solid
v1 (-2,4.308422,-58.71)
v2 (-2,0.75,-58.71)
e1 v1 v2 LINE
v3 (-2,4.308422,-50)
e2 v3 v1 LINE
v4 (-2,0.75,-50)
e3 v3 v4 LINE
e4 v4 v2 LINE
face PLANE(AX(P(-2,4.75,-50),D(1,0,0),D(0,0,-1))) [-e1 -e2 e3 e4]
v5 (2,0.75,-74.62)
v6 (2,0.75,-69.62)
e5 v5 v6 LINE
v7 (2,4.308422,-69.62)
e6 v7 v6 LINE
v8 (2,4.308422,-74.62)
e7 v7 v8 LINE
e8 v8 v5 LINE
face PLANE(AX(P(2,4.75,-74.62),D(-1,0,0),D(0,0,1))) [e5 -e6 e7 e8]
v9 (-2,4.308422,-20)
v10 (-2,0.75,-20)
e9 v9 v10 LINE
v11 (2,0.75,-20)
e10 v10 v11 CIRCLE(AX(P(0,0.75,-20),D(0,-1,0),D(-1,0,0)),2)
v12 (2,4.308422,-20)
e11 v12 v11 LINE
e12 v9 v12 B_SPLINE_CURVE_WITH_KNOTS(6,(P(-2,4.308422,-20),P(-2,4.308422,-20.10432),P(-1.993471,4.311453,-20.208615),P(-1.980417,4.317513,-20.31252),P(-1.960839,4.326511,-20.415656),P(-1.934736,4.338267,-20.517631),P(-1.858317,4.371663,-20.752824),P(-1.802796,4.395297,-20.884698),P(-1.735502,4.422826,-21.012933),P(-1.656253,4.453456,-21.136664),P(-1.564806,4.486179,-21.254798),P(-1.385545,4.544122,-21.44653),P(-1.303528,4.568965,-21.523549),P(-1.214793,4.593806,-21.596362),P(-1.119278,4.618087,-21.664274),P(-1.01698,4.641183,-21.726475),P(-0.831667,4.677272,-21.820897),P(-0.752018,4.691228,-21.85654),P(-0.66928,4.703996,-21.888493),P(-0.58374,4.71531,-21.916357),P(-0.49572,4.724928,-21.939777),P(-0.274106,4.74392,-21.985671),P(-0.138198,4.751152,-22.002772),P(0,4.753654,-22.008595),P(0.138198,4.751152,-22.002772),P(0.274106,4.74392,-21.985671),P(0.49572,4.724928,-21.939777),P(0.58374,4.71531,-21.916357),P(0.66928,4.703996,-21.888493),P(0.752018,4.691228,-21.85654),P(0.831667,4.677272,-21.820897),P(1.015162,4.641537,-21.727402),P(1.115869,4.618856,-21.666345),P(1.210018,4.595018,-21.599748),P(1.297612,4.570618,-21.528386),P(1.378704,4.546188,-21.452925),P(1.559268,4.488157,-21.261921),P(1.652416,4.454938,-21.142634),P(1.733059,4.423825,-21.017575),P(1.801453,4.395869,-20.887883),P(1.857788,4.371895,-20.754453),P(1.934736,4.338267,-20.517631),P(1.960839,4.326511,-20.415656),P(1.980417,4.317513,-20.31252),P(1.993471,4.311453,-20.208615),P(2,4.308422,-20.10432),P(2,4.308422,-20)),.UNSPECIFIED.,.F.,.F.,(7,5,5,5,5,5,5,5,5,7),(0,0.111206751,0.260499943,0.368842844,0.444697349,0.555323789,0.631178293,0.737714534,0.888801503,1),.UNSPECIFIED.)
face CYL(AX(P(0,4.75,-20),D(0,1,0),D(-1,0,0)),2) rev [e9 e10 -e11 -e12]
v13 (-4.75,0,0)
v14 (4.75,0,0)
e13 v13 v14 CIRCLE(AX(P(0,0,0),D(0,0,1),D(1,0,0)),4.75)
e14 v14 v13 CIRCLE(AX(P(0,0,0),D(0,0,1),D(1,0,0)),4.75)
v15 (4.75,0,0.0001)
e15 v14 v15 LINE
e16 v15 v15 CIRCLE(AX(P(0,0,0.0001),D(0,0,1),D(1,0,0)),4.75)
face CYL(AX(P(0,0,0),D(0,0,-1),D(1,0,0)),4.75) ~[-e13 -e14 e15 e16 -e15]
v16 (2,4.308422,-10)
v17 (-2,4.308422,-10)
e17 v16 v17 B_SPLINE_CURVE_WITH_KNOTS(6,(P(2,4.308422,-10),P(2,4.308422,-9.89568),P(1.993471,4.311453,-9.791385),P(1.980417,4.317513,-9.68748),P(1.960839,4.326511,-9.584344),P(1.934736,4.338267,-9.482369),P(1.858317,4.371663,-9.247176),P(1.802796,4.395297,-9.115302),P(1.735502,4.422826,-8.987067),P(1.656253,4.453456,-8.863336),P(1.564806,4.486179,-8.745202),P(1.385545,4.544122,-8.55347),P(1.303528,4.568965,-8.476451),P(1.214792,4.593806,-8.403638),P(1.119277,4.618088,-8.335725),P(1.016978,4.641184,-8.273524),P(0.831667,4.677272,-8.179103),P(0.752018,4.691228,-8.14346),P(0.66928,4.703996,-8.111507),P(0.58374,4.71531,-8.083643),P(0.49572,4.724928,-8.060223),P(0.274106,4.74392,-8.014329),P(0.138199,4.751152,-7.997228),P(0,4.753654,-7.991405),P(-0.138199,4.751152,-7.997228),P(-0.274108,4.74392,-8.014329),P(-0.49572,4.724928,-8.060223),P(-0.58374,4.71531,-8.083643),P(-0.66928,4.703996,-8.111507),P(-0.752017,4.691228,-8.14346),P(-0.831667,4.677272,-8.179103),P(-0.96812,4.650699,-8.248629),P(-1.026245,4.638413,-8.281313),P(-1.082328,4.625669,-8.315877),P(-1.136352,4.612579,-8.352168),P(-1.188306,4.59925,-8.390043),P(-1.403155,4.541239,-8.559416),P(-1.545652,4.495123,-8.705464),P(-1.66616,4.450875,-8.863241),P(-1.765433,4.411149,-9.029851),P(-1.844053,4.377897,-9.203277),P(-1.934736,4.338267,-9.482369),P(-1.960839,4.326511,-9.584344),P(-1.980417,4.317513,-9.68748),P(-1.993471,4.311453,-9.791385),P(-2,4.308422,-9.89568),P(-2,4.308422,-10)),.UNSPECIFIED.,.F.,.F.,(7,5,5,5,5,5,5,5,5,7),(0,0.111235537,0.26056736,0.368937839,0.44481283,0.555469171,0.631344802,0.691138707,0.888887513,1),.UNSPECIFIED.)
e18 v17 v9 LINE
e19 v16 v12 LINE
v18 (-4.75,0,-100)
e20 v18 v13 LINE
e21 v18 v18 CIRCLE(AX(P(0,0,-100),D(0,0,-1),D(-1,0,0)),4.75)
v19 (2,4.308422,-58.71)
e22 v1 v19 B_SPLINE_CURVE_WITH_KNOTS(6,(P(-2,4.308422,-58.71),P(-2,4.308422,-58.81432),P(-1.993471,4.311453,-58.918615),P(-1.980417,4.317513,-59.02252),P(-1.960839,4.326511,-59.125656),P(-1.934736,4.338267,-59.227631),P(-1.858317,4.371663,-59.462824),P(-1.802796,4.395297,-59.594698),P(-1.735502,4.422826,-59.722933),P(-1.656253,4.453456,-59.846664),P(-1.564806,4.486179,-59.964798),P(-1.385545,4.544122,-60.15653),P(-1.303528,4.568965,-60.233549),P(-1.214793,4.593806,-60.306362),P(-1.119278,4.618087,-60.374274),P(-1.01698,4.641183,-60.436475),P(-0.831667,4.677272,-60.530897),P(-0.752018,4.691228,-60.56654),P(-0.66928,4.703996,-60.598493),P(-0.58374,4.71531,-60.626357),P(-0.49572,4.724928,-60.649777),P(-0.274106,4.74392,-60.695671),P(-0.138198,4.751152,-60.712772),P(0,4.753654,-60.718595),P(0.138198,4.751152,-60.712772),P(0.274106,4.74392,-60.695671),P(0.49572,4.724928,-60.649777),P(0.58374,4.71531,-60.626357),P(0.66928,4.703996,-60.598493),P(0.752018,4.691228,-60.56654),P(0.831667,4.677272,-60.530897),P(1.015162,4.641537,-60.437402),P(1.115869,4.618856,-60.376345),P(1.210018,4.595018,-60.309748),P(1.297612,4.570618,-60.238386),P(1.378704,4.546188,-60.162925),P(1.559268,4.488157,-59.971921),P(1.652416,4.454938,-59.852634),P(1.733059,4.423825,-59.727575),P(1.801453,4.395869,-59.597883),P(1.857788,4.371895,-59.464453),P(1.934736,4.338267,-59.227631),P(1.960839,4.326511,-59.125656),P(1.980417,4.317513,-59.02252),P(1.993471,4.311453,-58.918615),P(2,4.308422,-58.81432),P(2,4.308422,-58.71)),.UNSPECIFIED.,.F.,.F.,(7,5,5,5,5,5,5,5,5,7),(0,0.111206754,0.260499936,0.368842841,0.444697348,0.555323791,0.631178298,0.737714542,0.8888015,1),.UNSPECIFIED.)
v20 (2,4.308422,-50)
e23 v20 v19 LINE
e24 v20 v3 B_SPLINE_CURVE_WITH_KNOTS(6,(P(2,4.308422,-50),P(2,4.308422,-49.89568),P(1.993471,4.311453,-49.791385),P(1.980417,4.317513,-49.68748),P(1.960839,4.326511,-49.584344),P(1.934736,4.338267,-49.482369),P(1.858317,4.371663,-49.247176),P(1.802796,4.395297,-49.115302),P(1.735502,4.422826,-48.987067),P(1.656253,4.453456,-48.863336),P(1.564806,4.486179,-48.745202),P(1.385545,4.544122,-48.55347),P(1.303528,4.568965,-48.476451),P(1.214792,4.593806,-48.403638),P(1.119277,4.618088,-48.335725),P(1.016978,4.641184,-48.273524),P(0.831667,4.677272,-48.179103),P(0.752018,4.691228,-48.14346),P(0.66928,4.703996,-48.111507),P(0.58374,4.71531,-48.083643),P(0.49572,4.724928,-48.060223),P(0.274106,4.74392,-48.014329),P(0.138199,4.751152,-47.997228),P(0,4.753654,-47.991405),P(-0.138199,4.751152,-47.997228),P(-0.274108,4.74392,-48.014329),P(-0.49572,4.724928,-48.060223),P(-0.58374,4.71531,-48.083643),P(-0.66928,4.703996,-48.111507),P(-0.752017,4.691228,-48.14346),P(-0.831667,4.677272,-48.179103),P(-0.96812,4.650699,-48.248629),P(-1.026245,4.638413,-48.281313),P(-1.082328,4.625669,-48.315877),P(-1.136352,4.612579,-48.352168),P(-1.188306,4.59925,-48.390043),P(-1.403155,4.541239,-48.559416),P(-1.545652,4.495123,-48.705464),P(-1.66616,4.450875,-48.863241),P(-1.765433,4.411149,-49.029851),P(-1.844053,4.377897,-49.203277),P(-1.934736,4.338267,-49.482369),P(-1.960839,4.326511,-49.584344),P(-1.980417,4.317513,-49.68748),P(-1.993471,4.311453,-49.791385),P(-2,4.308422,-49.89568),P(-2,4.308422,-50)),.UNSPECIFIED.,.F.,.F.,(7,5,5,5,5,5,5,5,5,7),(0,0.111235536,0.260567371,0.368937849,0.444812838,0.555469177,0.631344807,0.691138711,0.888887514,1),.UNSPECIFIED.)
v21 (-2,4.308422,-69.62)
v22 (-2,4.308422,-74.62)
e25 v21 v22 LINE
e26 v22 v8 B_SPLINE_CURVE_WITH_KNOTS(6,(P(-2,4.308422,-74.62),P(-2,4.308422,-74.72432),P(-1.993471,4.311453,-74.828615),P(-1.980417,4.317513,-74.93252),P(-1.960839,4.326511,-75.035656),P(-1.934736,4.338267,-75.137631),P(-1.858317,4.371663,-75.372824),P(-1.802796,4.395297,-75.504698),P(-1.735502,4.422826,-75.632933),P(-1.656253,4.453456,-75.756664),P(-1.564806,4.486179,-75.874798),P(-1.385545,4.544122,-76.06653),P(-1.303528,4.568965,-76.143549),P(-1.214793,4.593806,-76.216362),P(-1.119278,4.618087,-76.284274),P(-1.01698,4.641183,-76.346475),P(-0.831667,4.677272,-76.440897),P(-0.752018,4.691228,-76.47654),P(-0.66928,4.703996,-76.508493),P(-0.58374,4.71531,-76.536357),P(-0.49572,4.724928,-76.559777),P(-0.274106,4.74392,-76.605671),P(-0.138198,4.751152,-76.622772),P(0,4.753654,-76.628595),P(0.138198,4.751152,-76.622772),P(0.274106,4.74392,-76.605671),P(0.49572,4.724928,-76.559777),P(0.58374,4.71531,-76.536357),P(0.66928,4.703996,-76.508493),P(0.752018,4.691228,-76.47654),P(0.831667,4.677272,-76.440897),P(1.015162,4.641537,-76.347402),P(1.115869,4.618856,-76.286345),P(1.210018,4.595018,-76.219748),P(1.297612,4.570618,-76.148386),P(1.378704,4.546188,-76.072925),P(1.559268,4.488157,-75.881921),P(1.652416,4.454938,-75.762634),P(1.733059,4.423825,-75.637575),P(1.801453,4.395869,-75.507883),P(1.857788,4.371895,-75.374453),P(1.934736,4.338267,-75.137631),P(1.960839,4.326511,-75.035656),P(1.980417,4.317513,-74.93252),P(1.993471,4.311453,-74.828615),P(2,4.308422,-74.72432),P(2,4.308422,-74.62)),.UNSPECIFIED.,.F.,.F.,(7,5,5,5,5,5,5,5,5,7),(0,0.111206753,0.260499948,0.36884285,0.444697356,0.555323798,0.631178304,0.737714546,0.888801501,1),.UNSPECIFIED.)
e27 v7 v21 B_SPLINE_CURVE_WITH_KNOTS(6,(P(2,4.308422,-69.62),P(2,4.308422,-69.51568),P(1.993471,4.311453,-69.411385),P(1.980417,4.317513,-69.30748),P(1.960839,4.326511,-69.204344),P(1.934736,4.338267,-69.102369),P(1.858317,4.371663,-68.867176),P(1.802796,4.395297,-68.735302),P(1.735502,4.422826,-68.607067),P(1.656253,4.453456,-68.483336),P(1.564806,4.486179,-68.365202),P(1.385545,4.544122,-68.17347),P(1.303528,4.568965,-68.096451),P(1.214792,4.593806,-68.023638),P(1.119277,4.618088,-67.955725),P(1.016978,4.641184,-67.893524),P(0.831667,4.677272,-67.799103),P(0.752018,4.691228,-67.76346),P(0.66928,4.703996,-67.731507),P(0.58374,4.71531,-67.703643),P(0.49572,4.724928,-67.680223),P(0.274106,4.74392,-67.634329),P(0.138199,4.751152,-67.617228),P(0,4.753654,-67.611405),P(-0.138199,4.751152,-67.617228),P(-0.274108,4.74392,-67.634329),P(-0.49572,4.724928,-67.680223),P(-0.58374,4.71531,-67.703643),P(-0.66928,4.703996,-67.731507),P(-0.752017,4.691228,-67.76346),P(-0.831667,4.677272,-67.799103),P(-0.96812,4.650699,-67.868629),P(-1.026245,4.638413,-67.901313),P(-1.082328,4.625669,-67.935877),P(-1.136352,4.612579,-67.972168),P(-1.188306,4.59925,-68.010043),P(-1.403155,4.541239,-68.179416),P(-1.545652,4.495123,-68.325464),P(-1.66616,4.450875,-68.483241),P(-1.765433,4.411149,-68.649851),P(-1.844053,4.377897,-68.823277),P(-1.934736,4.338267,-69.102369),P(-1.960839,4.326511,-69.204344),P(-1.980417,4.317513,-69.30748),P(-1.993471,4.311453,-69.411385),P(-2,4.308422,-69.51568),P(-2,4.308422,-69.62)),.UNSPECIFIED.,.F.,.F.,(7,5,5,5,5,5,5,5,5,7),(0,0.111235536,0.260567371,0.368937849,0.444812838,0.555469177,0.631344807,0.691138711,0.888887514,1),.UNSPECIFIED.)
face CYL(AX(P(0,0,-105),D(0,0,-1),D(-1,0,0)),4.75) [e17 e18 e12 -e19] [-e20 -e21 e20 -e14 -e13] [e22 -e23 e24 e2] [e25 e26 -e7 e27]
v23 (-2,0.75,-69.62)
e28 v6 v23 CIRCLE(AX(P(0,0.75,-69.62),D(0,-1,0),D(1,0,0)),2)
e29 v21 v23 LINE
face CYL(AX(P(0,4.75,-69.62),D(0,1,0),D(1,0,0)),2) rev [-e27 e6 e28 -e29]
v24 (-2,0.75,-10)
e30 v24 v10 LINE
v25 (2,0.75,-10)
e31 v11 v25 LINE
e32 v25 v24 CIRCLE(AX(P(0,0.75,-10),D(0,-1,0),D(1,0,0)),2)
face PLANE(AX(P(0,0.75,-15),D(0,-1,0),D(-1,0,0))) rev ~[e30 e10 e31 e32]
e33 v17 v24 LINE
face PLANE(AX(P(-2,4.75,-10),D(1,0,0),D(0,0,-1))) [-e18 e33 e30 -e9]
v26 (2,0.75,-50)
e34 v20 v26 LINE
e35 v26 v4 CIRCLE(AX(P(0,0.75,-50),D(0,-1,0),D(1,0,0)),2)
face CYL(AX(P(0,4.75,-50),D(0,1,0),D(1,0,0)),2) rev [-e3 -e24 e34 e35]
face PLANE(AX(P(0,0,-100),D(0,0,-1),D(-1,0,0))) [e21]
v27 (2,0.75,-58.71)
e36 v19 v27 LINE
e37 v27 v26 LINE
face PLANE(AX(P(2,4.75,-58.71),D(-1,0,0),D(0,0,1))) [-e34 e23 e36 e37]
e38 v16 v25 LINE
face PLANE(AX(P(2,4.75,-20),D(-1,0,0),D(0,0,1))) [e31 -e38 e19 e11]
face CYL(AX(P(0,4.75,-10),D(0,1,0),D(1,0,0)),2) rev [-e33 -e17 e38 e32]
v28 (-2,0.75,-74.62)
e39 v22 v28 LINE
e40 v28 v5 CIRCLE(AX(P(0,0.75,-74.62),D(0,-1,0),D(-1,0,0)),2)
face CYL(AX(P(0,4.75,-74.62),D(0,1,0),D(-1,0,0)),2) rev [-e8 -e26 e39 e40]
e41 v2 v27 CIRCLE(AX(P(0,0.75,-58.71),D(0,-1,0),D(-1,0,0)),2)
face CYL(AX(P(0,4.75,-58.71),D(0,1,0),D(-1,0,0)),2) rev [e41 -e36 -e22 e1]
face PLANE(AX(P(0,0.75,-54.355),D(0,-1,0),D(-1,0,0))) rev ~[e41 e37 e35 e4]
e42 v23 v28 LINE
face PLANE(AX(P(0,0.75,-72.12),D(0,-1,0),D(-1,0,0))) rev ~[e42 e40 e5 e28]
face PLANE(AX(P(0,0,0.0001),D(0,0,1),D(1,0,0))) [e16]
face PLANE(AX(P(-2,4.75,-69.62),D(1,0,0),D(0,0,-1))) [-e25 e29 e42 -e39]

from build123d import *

# Parameters (mm, degrees)
SKETCH1_R           = 4.75
BOSS_EXTRUDE1_DEPTH = 0.0001
BOSS_EXTRUDE2_START = 105
SKETCH4_R           = 4.75
BOSS_EXTRUDE2_DEPTH = 105
CUT_EXTRUDE3_DEPTH  = 4
SKETCH6_R           = 4.75
CUT_EXTRUDE4_DEPTH  = 5


with BuildPart() as part:
    # Sketch1 → Boss-Extrude1 (new body)
    with BuildSketch(Plane.XY):
        Circle(SKETCH1_R)
    extrude(amount=BOSS_EXTRUDE1_DEPTH)

    # Sketch4 → Boss-Extrude2 (add)
    with BuildSketch(Plane(origin=(0, 0, 0), x_dir=(-1, 0, 0), z_dir=(0, 0, -1)).offset(BOSS_EXTRUDE2_START)):
        Circle(SKETCH4_R)
    extrude(amount=-BOSS_EXTRUDE2_DEPTH)

    # Sketch5 → Cut-Extrude3 (cut)
    with BuildSketch(Plane(origin=(0, 4.75, 0), x_dir=(1, 0, 0), z_dir=(0, 1, 0))):
        with BuildLine():
            Line((-2, 10), (-2, 20))
            ThreePointArc((-2, 20), (0, 22), (2, 20))
            Line((2, 20), (2, 10))
            ThreePointArc((2, 10), (0, 8), (-2, 10))
        make_face()
        with BuildLine():
            Line((-2, 50), (-2, 58.71))
            ThreePointArc((-2, 58.71), (0, 60.71), (2, 58.71))
            Line((2, 58.71), (2, 50))
            ThreePointArc((2, 50), (0, 48), (-2, 50))
        make_face()
        with BuildLine():
            Line((-2, 69.62), (-2, 74.62))
            ThreePointArc((-2, 74.62), (0, 76.62), (2, 74.62))
            Line((2, 74.62), (2, 69.62))
            ThreePointArc((2, 69.62), (0, 67.62), (-2, 69.62))
        make_face()
    extrude(amount=-CUT_EXTRUDE3_DEPTH, mode=Mode.SUBTRACT)

    # Sketch6 → Cut-Extrude4 (cut)
    with BuildSketch(Plane(origin=(0, 0, -105), x_dir=(-1, 0, 0), z_dir=(0, 0, -1))):
        Circle(SKETCH6_R)
    extrude(amount=-CUT_EXTRUDE4_DEPTH, mode=Mode.SUBTRACT)


solid = part.part
